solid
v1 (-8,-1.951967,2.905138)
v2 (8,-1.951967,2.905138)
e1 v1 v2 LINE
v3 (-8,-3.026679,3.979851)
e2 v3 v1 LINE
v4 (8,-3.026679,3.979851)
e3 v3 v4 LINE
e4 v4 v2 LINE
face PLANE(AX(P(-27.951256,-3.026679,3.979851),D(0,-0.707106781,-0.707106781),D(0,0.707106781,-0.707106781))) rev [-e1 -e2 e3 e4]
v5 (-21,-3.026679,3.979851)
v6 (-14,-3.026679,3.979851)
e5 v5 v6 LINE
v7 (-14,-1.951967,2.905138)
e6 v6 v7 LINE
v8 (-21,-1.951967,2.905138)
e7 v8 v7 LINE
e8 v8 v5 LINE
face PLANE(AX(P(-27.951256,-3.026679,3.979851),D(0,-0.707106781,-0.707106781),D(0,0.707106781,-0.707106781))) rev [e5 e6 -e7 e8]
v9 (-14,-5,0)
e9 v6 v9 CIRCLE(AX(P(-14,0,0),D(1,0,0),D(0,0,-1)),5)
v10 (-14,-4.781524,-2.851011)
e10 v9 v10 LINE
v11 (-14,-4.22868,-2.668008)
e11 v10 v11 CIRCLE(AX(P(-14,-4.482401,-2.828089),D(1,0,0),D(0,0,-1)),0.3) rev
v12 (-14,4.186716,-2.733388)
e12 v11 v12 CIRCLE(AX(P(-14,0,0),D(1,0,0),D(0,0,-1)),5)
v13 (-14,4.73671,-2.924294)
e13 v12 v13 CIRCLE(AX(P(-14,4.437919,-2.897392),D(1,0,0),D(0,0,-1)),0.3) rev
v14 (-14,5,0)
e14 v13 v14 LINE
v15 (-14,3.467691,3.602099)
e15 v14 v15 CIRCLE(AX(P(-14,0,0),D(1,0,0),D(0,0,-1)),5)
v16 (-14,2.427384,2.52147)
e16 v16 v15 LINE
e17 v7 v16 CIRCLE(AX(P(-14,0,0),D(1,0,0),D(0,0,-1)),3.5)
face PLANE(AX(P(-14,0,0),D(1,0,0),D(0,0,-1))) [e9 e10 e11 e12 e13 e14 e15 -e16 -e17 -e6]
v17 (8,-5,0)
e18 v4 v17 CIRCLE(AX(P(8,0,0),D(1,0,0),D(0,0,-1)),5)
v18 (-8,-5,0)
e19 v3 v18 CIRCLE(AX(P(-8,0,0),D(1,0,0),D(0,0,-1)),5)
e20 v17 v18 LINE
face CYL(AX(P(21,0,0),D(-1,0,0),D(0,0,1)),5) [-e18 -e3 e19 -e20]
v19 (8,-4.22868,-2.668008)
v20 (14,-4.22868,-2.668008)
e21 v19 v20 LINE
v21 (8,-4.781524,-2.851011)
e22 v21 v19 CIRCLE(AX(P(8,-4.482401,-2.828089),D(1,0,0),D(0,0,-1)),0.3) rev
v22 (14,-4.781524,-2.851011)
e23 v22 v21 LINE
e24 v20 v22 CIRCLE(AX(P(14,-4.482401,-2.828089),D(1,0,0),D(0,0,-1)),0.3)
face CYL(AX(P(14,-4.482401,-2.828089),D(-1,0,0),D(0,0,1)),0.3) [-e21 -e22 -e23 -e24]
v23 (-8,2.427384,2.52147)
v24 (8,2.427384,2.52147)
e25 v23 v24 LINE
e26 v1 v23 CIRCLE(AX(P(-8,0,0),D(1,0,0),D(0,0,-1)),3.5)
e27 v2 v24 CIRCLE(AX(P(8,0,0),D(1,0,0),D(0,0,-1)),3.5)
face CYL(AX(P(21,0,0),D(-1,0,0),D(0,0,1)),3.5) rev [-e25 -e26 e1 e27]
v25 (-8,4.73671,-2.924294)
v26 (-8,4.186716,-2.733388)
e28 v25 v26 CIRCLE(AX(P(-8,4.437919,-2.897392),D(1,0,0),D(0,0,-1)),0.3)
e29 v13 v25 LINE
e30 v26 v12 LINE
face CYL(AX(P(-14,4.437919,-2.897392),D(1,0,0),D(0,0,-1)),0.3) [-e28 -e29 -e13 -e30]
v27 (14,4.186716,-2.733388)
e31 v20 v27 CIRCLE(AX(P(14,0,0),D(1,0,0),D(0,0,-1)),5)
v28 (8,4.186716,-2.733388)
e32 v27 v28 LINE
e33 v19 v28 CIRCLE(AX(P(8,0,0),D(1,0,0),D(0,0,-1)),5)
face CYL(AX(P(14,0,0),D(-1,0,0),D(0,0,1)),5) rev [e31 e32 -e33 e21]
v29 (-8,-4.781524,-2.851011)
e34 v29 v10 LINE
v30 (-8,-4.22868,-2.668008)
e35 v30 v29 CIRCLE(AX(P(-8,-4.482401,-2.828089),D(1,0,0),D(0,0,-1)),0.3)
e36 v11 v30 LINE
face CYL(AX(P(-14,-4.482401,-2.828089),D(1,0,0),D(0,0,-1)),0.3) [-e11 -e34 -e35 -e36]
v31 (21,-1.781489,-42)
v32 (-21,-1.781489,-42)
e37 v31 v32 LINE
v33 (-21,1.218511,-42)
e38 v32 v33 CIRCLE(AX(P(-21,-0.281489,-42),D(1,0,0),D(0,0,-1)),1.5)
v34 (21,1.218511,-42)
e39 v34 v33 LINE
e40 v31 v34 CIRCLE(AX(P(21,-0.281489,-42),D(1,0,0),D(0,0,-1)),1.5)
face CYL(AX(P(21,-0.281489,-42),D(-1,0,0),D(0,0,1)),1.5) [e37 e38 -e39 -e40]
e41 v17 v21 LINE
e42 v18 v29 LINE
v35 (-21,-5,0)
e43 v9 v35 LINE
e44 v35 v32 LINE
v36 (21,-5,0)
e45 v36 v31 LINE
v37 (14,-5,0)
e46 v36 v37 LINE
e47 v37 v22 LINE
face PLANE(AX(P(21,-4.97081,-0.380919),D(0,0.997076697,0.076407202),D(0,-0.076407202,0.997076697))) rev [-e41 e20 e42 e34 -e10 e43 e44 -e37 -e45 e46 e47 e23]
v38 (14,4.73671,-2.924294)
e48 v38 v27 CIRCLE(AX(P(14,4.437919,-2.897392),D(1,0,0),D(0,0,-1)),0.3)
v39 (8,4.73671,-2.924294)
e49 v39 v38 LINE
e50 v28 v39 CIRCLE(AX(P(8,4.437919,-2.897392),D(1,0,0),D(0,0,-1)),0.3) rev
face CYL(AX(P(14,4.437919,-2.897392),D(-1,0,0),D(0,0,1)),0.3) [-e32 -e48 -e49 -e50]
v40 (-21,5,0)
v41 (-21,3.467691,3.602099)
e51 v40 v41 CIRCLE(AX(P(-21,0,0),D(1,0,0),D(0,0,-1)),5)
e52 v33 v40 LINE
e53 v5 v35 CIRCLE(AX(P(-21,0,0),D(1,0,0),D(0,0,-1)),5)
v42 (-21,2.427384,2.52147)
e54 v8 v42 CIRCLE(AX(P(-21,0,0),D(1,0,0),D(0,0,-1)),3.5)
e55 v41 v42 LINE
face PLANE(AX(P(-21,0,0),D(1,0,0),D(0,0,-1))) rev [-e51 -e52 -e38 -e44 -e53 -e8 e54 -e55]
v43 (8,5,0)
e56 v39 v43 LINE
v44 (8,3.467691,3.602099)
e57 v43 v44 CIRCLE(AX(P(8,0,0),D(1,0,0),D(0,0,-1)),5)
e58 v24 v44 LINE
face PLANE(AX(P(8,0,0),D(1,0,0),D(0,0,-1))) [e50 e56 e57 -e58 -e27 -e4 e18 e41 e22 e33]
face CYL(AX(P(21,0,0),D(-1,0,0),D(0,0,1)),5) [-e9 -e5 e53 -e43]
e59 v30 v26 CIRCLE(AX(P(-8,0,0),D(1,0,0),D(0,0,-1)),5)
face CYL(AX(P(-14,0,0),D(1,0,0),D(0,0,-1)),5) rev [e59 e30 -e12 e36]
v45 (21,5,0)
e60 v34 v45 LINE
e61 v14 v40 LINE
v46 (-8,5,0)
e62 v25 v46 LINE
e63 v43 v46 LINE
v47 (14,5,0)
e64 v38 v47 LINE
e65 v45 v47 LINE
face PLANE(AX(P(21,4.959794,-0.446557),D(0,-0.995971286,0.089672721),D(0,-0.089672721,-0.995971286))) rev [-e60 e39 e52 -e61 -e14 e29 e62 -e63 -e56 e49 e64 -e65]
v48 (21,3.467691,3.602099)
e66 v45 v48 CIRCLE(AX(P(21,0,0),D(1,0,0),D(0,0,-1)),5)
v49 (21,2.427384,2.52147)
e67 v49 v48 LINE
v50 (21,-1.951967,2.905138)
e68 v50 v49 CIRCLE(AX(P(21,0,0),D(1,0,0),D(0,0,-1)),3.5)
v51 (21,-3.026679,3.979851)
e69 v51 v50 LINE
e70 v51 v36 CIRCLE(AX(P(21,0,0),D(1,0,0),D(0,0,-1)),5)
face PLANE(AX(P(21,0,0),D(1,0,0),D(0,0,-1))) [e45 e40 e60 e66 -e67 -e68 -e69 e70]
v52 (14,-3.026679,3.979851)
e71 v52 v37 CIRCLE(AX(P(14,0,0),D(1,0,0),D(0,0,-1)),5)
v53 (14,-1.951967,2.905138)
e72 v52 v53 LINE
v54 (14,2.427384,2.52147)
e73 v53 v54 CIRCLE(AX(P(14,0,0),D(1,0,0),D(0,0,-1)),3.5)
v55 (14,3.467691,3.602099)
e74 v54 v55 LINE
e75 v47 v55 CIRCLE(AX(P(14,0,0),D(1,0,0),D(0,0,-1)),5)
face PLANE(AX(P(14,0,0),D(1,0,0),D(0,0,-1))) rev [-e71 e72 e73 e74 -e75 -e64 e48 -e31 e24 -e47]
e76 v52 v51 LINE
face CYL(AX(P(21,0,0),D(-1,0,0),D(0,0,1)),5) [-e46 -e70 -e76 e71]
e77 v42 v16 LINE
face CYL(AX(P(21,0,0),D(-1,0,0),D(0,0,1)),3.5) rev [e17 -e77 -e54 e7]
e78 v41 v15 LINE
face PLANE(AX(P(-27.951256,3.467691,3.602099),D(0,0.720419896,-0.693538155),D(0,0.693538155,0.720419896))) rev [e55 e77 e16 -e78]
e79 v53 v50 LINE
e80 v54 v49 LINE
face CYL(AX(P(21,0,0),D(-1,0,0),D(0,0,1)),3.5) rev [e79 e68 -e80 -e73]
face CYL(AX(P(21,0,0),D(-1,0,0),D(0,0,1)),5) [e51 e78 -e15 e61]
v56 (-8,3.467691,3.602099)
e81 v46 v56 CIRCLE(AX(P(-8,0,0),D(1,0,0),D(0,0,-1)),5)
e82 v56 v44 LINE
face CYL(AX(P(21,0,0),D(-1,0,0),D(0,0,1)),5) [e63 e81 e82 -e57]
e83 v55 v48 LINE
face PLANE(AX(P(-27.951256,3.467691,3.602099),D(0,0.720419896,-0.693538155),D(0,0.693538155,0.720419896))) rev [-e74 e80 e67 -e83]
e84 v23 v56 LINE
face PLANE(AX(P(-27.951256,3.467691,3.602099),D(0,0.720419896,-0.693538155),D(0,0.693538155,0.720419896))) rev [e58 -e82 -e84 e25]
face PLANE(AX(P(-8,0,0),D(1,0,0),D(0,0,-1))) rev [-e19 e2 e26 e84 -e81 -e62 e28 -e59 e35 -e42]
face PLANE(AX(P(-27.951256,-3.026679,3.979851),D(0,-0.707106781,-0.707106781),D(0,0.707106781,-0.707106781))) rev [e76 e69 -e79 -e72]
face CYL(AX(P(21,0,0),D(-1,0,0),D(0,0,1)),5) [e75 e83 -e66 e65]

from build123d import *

# Parameters (mm, degrees)
SKETCH1_R           = 3.5
SKETCH1_R_2         = 1.500000000000004
BOSS_EXTRUDE1_DEPTH = 21
CUT_EXTRUDE1_START  = 14
SKETCH1_3_R         = 3.5
CUT_EXTRUDE1_DEPTH  = 6
CUT_EXTRUDE2_START  = -8
SKETCH1_4_R         = 3.5
CUT_EXTRUDE2_DEPTH  = 6
FILLET2_R           = 0.3
CUT_EXTRUDE3_REACH  = 62.673


with BuildPart() as part:
    # Sketch1 → Boss-Extrude1 (new, symmetric)
    # profile 1 of 3: a face of its own
    with BuildSketch(Plane(origin=(0, 0, 0), x_dir=(0, 0, -1), z_dir=(1, 0, 0))):
        with BuildLine():
            ThreePointArc((42, -1.7814888188261242), (40.49999999999999, -0.2814888188261199), (42, 1.2185111811738838))
            Line((42, 1.21851118117388), (0.8931145530180302, 4.919588031043605))
            ThreePointArc((0.8931145530180298, 4.919588031043595), (3.8383311976098513, 3.204249306382842), (5, 0))
            ThreePointArc((5, -1.22e-15), (3.7953387230389426, -3.255058214133985), (0.7618384090395492, -4.9416193943394795))
            Line((0.7618384090395499, -4.9416193943394875), (42, -1.7814888188261202))
        make_face()
    # profile 2 of 3: a face of its own
    with BuildSketch(Plane(origin=(0, 0, 0), x_dir=(0, 0, -1), z_dir=(1, 0, 0))):
        with BuildLine():
            ThreePointArc((5, 0), (3.8383311976098513, 3.204249306382842), (0.8931145530180298, 4.919588031043595))
            Line((0.8931145530180302, 4.919588031043605), (0, 5))
            ThreePointArc((3.1e-16, 5), (-5, 6.1e-16), (-9.2e-16, -5))
            Line((0, -5), (0.7618384090395499, -4.9416193943394875))
            ThreePointArc((0.7618384090395492, -4.9416193943394795), (3.7953387230389426, -3.255058214133985), (5, -1.22e-15))
        make_face()
        with Locations(Location((0, 0, 0), (0, 0, 180))):
            Circle(SKETCH1_R, mode=Mode.SUBTRACT)
    # profile 3 of 3: a face of its own
    with BuildSketch(Plane(origin=(0, 0, 0), x_dir=(0, 0, -1), z_dir=(1, 0, 0))):
        with Locations((42, -0.2814888188261201)):
            Circle(SKETCH1_R_2)
    extrude(amount=BOSS_EXTRUDE1_DEPTH, both=True)

    # Sketch1<3> → Cut-Extrude1 (cut)
    with BuildSketch(Plane(origin=(0, 0, 0), x_dir=(0, 0, -1), z_dir=(1, 0, 0)).offset(CUT_EXTRUDE1_START)):
        with BuildLine():
            ThreePointArc((5, 0), (3.8383311976098513, 3.204249306382842), (0.8931145530180298, 4.919588031043595))
            Line((0.8931145530180302, 4.919588031043605), (0, 5))
            ThreePointArc((3.1e-16, 5), (-5, 6.1e-16), (-9.2e-16, -5))
            Line((0, -5), (0.7618384090395499, -4.9416193943394875))
            ThreePointArc((0.7618384090395492, -4.9416193943394795), (3.7953387230389426, -3.255058214133985), (5, -1.22e-15))
        make_face()
        with Locations(Location((0, 0, 0), (0, 0, 180))):
            Circle(SKETCH1_3_R, mode=Mode.SUBTRACT)
    extrude(amount=-CUT_EXTRUDE1_DEPTH, mode=Mode.SUBTRACT)

    # Sketch1<4> → Cut-Extrude2 (cut)
    with BuildSketch(Plane(origin=(0, 0, 0), x_dir=(0, 0, -1), z_dir=(1, 0, 0)).offset(CUT_EXTRUDE2_START)):
        with BuildLine():
            ThreePointArc((5, 0), (3.8383311976098513, 3.204249306382842), (0.8931145530180298, 4.919588031043595))
            Line((0.8931145530180302, 4.919588031043605), (0, 5))
            ThreePointArc((3.1e-16, 5), (-5, 6.1e-16), (-9.2e-16, -5))
            Line((0, -5), (0.7618384090395499, -4.9416193943394875))
            ThreePointArc((0.7618384090395492, -4.9416193943394795), (3.7953387230389426, -3.255058214133985), (5, -1.22e-15))
        make_face()
        with Locations(Location((0, 0, 0), (0, 0, 180))):
            Circle(SKETCH1_4_R, mode=Mode.SUBTRACT)
    extrude(amount=-CUT_EXTRUDE2_DEPTH, mode=Mode.SUBTRACT)

    # Fillet2
    fillet2_edges = [part.edges().sort_by_distance(p)[0] for p in [
        (11, 4.919588031043601, -0.8931145530180298),
        (11, -4.941619394339483, -0.7618384090395496),
        (-11, 4.919588031043601, -0.8931145530180298),
        (-11, -4.941619394339483, -0.7618384090395496),
    ]]
    fillet(fillet2_edges, radius=FILLET2_R)

    # Cut-Extrude3: up to this face of the body (flat: up to its plane)
    cut_extrude3_end = Plane(part.part.faces().sort_by_distance((-21, -0.117271195, -17.205258384))[0])
    # Sketch2 → Cut-Extrude3 (cut, up to the picked face)
    with BuildSketch(Plane(origin=(21, 0, 0), x_dir=(0, 0, -1), z_dir=(1, 0, 0)), mode=Mode.PRIVATE) as cut_extrude3_sk1:
        with BuildLine():
            Line((-3.6020994823407393, 3.467690776196831), (-2.5214696376385177, 2.4273835433377813))
            ThreePointArc((-2.5214696376385177, 2.4273835433377813), (-3.486645137099691, 0.30545979758239905), (-2.905137986458371, -1.9519665160131723))
            Line((-2.905137986458371, -1.9519665160131723), (-3.979850788994912, -3.026679318549717))
            ThreePointArc((-3.979850788994912, -3.026679318549717), (-4.991563203159533, 0.2903390928961196), (-3.6020994823407393, 3.467690776196831))
        make_face()
    cut_extrude3_tool1 = split(extrude(cut_extrude3_sk1.sketch, amount=-CUT_EXTRUDE3_REACH, mode=Mode.PRIVATE), bisect_by=cut_extrude3_end, keep=Keep.BOTH, mode=Mode.PRIVATE)
    add(cut_extrude3_tool1.solids().sort_by(Axis((21, 0.27388, 3.94965), (-1, 0, 0)))[0], mode=Mode.SUBTRACT)


solid = part.part
